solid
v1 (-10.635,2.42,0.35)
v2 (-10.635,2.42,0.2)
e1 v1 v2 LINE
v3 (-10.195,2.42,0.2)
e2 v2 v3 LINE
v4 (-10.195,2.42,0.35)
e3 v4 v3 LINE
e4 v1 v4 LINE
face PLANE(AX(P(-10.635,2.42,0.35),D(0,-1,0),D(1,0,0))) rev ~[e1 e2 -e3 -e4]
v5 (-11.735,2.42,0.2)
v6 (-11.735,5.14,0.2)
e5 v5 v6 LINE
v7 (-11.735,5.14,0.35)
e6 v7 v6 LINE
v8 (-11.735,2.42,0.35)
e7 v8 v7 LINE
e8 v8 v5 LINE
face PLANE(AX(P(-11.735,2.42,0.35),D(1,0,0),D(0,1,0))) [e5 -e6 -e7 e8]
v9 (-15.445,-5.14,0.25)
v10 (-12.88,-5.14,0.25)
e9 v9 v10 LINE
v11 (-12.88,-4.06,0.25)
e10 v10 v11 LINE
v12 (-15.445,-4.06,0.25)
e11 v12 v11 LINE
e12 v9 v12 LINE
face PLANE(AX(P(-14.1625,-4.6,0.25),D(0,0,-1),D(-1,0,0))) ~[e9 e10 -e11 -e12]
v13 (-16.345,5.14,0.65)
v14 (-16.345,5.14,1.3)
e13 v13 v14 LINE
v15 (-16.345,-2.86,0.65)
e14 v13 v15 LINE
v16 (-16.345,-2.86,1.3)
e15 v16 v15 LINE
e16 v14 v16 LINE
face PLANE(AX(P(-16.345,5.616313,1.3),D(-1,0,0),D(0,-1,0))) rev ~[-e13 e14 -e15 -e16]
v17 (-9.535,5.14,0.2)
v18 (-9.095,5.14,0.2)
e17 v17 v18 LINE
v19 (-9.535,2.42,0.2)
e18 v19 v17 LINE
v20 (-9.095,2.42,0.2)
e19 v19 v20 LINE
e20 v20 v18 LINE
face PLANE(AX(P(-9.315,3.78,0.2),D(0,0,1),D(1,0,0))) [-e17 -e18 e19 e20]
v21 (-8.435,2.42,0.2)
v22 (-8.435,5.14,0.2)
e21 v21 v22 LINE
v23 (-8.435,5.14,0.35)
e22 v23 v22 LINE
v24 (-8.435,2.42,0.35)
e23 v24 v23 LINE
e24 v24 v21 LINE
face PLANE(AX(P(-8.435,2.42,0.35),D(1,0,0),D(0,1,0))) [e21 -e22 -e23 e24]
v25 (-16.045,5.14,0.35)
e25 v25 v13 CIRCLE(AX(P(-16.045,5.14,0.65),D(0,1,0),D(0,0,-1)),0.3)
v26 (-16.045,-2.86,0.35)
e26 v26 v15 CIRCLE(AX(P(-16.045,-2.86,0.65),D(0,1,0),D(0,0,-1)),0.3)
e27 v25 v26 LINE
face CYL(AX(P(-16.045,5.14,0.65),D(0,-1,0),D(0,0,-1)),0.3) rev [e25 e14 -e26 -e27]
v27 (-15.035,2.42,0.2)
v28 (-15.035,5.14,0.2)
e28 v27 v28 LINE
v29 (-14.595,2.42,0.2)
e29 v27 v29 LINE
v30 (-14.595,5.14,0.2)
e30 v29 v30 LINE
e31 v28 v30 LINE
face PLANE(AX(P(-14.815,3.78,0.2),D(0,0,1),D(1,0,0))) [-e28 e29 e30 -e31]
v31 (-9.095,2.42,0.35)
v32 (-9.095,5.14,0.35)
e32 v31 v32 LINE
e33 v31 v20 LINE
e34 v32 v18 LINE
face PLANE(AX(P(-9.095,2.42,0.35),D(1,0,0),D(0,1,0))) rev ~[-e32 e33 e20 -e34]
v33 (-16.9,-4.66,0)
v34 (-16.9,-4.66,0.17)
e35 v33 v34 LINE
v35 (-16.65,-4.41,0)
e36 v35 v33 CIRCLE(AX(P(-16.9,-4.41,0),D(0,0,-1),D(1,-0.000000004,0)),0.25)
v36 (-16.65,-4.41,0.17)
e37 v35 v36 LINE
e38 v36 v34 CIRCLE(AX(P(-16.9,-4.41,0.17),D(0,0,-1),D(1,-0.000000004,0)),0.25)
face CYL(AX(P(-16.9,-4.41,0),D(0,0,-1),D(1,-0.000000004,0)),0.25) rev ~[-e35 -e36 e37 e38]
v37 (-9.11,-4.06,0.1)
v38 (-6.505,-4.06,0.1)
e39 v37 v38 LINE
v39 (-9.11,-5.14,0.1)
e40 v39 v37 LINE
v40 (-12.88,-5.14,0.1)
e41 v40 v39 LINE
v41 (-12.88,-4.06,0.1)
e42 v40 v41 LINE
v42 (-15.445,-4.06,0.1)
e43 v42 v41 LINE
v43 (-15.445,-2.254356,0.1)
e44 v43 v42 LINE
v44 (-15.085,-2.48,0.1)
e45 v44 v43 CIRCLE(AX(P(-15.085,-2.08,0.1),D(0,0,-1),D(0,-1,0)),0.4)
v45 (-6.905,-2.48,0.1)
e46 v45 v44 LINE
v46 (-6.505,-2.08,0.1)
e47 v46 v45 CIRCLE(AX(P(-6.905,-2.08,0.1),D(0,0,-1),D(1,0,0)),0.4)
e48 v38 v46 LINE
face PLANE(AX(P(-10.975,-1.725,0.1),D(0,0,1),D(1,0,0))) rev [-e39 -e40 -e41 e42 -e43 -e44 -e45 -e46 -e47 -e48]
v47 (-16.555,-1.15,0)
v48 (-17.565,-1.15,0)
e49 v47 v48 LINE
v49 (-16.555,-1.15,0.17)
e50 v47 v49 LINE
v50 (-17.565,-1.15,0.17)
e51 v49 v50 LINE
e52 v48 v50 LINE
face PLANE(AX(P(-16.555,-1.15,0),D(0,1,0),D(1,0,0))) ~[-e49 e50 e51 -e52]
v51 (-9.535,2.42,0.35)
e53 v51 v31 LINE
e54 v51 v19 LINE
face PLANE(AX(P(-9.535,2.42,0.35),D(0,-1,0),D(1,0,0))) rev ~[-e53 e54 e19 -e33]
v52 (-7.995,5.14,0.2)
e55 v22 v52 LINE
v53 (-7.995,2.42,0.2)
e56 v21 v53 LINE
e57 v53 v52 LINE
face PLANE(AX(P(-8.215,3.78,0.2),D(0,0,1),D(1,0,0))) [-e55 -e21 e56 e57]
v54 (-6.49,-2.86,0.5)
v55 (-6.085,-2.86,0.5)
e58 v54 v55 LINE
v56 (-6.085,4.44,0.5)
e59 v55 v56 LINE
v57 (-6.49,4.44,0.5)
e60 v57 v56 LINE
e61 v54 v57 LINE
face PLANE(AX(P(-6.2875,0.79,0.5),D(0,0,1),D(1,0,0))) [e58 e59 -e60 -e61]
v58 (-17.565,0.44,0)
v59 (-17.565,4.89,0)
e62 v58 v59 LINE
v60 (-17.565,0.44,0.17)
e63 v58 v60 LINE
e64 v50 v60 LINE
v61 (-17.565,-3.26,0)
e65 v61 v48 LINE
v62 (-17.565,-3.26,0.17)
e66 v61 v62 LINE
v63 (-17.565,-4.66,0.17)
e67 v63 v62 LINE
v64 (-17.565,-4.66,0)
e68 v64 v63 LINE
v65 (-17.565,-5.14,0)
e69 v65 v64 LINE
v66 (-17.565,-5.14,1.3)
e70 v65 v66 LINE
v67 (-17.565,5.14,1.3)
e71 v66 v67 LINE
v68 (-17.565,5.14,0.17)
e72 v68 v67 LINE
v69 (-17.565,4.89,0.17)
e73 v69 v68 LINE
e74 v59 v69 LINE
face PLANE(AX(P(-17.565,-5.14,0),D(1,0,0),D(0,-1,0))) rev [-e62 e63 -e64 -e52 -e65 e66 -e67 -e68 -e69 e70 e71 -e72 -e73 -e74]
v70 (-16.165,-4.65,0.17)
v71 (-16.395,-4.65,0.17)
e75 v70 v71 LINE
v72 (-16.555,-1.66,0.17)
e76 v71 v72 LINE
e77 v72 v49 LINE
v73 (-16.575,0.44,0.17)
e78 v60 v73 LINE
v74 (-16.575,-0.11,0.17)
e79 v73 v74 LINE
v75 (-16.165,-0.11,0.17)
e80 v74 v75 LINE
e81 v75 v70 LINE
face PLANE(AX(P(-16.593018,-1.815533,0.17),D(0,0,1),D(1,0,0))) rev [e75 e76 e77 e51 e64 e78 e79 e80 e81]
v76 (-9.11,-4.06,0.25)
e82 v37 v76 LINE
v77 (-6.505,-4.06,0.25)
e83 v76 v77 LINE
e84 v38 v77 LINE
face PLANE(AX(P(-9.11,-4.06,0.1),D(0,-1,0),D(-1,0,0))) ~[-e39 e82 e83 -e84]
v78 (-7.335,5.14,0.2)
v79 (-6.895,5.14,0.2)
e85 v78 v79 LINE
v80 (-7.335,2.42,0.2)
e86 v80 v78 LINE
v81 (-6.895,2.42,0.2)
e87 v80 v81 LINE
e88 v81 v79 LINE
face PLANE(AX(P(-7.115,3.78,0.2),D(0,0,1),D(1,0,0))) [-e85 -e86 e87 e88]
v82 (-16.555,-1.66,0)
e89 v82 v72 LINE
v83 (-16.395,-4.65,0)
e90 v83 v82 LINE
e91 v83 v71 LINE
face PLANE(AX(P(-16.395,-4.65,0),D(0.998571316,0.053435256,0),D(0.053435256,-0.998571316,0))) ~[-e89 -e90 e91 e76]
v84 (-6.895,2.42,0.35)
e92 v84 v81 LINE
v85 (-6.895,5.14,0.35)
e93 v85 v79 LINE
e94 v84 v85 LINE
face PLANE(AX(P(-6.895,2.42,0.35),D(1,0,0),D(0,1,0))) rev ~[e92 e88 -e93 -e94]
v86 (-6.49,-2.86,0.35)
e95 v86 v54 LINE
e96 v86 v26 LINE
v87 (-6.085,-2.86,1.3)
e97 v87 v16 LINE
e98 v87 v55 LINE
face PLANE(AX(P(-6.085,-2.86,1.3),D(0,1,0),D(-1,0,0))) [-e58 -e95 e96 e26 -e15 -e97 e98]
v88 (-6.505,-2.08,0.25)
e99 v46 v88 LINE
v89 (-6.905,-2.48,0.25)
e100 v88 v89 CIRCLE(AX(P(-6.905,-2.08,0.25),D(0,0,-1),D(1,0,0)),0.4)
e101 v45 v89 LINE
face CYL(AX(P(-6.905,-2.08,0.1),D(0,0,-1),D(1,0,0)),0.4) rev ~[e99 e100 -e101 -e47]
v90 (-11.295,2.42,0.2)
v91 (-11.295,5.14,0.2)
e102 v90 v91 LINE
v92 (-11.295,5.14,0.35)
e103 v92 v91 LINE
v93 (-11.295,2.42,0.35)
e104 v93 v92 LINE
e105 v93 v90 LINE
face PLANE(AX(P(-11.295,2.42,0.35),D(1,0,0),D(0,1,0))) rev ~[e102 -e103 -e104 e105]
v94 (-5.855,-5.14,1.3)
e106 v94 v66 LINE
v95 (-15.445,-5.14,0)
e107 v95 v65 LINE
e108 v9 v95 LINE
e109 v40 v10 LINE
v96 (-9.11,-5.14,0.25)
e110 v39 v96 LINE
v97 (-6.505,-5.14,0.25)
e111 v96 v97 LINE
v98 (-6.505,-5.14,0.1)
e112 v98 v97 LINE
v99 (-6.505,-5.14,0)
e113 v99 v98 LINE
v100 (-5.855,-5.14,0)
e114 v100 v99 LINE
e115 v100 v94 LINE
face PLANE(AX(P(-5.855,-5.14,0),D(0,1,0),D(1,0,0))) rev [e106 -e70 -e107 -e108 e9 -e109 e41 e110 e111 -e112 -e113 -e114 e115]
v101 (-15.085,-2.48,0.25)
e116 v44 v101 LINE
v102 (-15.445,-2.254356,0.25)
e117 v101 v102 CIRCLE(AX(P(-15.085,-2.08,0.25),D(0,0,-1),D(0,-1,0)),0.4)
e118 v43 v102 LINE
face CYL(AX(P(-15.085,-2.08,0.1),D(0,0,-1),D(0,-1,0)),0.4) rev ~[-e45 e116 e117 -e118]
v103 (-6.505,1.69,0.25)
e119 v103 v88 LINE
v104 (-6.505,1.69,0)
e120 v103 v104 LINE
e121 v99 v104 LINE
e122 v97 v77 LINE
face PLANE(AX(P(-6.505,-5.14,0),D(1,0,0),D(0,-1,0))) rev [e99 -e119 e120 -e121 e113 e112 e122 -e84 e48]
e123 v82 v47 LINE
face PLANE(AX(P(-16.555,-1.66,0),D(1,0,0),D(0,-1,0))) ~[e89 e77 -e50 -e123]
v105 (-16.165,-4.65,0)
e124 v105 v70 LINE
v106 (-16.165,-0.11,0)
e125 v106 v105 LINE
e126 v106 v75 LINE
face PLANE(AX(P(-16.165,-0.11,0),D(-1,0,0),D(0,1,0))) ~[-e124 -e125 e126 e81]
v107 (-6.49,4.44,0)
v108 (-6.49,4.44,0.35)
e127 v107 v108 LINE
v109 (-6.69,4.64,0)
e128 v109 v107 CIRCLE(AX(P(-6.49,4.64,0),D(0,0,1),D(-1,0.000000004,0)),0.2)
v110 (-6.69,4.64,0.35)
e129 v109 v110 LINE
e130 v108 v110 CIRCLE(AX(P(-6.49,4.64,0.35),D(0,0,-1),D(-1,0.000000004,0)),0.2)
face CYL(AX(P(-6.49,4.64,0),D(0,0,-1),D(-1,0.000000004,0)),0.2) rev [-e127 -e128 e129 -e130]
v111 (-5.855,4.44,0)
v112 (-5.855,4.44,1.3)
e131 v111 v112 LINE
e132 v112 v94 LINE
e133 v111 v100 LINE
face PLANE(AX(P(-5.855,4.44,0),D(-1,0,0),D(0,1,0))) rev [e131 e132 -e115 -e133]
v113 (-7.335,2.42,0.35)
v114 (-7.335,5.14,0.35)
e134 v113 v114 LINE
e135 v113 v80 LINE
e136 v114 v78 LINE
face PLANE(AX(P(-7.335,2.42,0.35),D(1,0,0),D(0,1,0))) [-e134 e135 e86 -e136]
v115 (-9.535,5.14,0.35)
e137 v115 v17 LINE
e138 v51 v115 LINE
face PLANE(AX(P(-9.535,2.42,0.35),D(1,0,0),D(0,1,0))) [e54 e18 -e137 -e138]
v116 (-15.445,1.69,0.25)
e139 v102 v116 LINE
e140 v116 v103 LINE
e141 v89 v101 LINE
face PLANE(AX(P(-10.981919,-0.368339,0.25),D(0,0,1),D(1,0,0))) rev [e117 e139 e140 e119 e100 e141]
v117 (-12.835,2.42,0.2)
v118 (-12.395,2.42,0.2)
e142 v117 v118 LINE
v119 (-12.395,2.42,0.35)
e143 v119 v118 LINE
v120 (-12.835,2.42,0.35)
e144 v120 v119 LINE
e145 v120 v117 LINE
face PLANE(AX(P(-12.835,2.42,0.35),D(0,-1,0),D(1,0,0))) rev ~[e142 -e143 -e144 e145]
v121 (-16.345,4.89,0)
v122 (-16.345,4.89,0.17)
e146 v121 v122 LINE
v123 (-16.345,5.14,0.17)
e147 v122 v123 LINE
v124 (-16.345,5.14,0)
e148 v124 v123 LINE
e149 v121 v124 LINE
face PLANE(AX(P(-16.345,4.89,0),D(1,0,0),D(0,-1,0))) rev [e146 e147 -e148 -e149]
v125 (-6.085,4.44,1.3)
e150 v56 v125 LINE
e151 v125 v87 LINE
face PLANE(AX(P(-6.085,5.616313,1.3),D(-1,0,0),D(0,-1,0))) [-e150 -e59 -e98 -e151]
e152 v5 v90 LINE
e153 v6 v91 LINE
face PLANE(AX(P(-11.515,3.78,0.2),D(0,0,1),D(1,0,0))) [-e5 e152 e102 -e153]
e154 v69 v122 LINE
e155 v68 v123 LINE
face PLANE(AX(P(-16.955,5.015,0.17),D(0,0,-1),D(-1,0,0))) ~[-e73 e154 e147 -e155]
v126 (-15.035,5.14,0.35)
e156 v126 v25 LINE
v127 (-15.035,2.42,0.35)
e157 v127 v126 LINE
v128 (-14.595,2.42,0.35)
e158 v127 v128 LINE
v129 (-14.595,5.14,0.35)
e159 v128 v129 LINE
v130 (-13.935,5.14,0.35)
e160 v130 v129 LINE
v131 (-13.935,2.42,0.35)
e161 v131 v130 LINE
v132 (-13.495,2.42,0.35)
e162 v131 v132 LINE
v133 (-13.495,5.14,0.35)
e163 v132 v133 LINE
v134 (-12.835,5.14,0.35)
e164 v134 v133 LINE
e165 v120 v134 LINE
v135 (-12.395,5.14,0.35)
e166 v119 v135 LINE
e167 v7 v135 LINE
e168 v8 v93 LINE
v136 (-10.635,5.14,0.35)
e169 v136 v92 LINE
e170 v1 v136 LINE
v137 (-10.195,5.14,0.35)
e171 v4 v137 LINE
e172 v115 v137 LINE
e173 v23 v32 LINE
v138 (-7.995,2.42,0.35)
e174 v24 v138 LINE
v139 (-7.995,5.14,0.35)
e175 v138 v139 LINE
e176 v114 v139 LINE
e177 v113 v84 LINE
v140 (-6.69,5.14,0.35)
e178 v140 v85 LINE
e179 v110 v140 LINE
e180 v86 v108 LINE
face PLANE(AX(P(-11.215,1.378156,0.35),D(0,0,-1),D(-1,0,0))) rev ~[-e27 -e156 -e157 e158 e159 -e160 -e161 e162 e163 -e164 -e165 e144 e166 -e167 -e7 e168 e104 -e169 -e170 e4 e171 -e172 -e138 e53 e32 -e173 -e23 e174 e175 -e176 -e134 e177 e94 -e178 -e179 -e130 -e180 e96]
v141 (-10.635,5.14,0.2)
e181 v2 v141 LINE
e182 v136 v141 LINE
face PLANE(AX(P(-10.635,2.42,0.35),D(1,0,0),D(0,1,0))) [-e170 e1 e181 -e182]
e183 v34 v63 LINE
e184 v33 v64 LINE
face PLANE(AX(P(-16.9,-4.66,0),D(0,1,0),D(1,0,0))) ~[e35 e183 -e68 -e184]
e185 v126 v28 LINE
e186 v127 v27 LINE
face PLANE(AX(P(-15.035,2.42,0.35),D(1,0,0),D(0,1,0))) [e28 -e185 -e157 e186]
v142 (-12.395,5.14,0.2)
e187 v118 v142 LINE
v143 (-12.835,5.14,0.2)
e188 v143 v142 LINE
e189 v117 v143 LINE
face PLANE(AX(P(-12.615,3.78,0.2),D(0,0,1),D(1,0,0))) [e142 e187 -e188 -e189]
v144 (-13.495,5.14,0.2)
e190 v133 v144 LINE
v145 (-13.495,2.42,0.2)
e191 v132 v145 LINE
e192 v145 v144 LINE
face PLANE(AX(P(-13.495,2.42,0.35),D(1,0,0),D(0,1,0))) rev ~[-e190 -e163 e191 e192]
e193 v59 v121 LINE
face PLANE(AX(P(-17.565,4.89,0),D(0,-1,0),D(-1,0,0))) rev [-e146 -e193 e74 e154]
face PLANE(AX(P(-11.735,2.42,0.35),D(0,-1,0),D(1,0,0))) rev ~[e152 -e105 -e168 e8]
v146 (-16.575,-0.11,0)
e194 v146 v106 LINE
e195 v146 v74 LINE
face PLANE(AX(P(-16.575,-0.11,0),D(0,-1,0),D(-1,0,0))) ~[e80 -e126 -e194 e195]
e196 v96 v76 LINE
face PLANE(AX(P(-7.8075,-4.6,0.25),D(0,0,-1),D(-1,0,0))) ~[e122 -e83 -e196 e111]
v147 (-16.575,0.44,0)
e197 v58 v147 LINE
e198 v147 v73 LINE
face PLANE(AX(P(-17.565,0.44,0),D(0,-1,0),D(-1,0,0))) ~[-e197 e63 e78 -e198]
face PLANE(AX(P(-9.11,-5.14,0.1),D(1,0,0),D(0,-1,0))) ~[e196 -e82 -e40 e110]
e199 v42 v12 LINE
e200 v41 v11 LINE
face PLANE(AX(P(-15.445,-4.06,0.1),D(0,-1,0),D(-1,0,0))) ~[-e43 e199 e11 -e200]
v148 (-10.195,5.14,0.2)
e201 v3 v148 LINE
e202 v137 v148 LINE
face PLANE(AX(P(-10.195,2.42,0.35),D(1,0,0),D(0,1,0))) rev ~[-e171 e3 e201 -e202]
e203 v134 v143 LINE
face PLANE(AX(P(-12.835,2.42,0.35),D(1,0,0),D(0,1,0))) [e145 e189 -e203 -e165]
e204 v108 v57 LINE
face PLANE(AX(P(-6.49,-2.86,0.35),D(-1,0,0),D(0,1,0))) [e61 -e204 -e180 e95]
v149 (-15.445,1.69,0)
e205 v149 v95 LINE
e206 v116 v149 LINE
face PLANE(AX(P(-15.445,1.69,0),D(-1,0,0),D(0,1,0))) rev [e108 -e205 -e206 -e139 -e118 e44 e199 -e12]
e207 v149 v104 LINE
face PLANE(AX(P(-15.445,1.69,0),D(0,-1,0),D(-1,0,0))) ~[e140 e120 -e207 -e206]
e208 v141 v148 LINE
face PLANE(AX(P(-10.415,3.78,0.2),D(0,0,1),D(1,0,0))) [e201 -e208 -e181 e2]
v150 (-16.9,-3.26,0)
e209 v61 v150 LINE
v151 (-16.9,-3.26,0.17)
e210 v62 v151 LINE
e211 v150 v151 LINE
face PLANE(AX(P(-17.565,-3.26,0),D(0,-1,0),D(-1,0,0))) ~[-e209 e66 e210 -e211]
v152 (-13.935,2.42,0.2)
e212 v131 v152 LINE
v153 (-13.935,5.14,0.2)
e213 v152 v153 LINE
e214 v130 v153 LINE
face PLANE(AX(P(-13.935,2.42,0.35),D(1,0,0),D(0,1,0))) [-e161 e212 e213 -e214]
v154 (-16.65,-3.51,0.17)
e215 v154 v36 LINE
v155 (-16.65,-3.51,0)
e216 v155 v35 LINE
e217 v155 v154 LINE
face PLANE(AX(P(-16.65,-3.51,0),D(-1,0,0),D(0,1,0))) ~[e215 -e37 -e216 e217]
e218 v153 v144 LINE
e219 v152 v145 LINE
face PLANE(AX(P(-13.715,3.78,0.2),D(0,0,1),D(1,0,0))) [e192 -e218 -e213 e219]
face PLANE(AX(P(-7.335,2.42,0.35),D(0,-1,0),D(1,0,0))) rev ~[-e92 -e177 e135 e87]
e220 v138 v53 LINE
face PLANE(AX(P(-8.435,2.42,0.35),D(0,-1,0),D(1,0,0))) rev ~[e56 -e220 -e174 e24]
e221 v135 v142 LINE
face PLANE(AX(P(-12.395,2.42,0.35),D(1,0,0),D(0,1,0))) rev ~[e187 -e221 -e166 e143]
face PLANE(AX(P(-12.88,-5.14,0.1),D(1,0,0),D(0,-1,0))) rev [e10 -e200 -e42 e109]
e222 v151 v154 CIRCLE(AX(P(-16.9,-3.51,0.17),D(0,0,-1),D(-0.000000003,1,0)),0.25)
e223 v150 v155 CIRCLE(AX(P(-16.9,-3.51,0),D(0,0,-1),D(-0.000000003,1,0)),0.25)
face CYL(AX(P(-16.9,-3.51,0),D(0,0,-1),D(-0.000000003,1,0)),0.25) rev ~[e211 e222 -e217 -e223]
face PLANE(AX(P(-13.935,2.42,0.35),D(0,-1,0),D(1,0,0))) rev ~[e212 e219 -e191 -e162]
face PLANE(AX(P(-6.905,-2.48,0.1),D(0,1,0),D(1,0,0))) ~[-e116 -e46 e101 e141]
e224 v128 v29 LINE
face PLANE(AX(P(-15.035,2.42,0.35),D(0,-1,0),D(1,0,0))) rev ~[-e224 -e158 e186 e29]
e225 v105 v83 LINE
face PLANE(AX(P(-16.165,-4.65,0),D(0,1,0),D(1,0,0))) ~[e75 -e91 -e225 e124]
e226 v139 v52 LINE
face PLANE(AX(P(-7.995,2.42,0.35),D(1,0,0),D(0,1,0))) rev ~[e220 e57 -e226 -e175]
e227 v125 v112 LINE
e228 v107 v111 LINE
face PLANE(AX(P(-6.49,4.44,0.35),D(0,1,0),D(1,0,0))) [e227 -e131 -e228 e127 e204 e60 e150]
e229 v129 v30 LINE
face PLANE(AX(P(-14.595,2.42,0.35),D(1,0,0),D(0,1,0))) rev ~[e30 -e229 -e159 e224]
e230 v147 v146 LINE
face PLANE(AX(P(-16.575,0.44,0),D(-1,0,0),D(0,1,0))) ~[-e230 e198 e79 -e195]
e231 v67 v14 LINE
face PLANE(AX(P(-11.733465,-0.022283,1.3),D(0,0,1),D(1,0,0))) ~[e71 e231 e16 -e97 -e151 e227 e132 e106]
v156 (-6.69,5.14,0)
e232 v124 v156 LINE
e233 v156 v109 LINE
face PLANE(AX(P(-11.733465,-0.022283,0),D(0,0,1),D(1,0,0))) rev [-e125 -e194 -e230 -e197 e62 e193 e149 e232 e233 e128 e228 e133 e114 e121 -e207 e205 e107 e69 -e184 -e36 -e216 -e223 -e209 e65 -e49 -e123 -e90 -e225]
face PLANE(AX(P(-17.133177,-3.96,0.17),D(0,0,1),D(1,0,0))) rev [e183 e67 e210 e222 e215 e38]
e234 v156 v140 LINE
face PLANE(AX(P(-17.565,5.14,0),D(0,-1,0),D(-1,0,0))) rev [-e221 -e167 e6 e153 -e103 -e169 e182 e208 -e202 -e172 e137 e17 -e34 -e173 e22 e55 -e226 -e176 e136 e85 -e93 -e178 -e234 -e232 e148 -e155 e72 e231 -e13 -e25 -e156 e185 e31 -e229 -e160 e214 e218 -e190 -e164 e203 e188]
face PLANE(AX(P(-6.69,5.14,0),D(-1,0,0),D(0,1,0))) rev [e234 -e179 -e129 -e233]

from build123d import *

# Parameters (mm, degrees)
BOSS_EXTRUDE1_DEPTH = 1.3
SKETCH3_W           = 1.22
SKETCH3_H           = 0.25
CUT_EXTRUDE1_DEPTH  = 0.17
CUT_EXTRUDE2_DEPTH  = 0.17
CUT_EXTRUDE3_DEPTH  = 0.1
SKETCH6_W           = 2.565
SKETCH6_H           = 1.079999998
SKETCH6_W_2         = 2.605000011
SKETCH6_H_2         = 1.079999997
CUT_EXTRUDE4_DEPTH  = 0.15
CUT_EXTRUDE5_DEPTH  = 0.95
SKETCH8_W           = 0.405
SKETCH8_H           = 7.3
BOSS_EXTRUDE2_DEPTH = 0.15
FILLET1_R           = 0.3
SKETCH9_W           = 0.44
SKETCH9_H           = 2.72
CUT_EXTRUDE6_DEPTH  = 0.15
LPATTERN1_COUNT     = 8
LPATTERN1_PITCH     = 1.1


with BuildPart() as part:
    # Sketch2 → Boss-Extrude1 (new body)
    with BuildSketch(Plane.XY):
        with BuildLine():
            Line((5.855, 5.140000001), (4.635, 5.140000001))
            Line((4.635, 5.140000001), (-5.02, 5.140000001))
            Line((-5.02, 5.140000001), (-5.02, 4.640000001))
            ThreePointArc((-5.02, 4.640000001), (-5.078578644, 4.498578644), (-5.22, 4.440000001))
            Line((-5.22, 4.440000001), (-5.855, 4.440000001))
            Line((-5.855, 4.440000001), (-5.855, -5.139999999))
            Line((-5.855, -5.139999999), (-5.205000011, -5.139999999))
            Line((-5.205000011, -5.139999999), (-2.6, -5.139999999))
            Line((-2.6, -5.139999999), (1.17, -5.139999999))
            Line((1.17, -5.139999999), (3.735, -5.139999999))
            Line((3.735, -5.139999999), (5.855, -5.139999999))
            Line((5.855, -5.139999999), (5.855, -4.659999975))
            Line((5.855, -4.659999975), (5.855, -3.259999975))
            Line((5.855, -3.259999975), (5.855, -1.150000033))
            Line((5.855, -1.150000033), (5.855, 0.439999967))
            Line((5.855, 0.439999967), (5.855, 4.890000001))
            Line((5.855, 4.890000001), (5.855, 5.140000001))
        make_face()
    extrude(amount=BOSS_EXTRUDE1_DEPTH)

    # Sketch3 → Cut-Extrude1 (cut)
    with BuildSketch(Plane(origin=(0, 0, 0), x_dir=(-1, 0, 0), z_dir=(0, 0, -1))):
        with Locations((-5.245, 5.015000001)):
            Rectangle(SKETCH3_W, SKETCH3_H)
    extrude(amount=-CUT_EXTRUDE1_DEPTH, mode=Mode.SUBTRACT)

    # Sketch4 → Cut-Extrude2 (cut)
    with BuildSketch(Plane(origin=(0, 0, 0), x_dir=(-1, 0, 0), z_dir=(0, 0, -1))):
        with BuildLine():
            Line((-5.855, -3.259999975), (-5.190000002, -3.259999975))
            ThreePointArc((-5.190000002, -3.259999975), (-5.013223307, -3.333223279), (-4.940000002, -3.509999975))
            Line((-4.940000002, -3.509999975), (-4.940000002, -4.409999975))
            ThreePointArc((-4.940000002, -4.409999975), (-5.013223307, -4.58677667), (-5.190000002, -4.659999975))
            Line((-5.190000002, -4.659999975), (-5.855, -4.659999975))
            Line((-5.855, -4.659999975), (-5.855, -3.259999975))
        make_face()
        Polygon((-4.455, -4.649999999), (-4.685, -4.649999999), (-4.845000002, -1.660000037), (-4.845000002, -1.150000033), (-5.855, -1.150000033), (-5.855, 0.439999967), (-4.865000002, 0.439999967), (-4.865000002, -0.110000037), (-4.455, -0.110000037), align=None)
    extrude(amount=-CUT_EXTRUDE2_DEPTH, mode=Mode.SUBTRACT)

    # Sketch5 → Cut-Extrude3 (cut)
    with BuildSketch(Plane(origin=(0, 0, 0), x_dir=(-1, 0, 0), z_dir=(0, 0, -1))):
        Polygon((5.205000011, -5.139999999), (2.6, -5.139999999), (-1.17, -5.139999999), (-3.735, -5.139999999), (-3.735, -4.060000001), (-3.735, -2.254355959), (-3.735, 1.690000007), (5.205000011, 1.690000007), (5.205000011, -2.080000002), (5.205000011, -4.060000002), align=None)
    extrude(amount=-CUT_EXTRUDE3_DEPTH, mode=Mode.SUBTRACT)

    # Sketch6 → Cut-Extrude4 (cut)
    with BuildSketch(Plane(origin=(0, 0, 0.1), x_dir=(-1, 0, 0), z_dir=(0, 0, -1))):
        with Locations((-2.4525, -4.6)):
            Rectangle(SKETCH6_W, SKETCH6_H)
        with Locations((3.902500006, -4.600000001)):
            Rectangle(SKETCH6_W_2, SKETCH6_H_2)
        with BuildLine():
            Line((5.205000011, 1.690000007), (5.205000011, -2.080000002))
            ThreePointArc((5.205000011, -2.080000002), (5.087842724, -2.362842714), (4.805000011, -2.480000002))
            Line((4.805000011, -2.480000002), (-3.375, -2.480000002))
            ThreePointArc((-3.375, -2.480000002), (-3.587435422, -2.41892653), (-3.735, -2.254355959))
            Line((-3.735, -2.254355959), (-3.735, 1.690000007))
            Line((-3.735, 1.690000007), (5.205000011, 1.690000007))
        make_face()
    extrude(amount=-CUT_EXTRUDE4_DEPTH, mode=Mode.SUBTRACT)


with BuildPart() as body_2:
    # Mirror1: mirrored copy
    add(part.part.mirror(Plane(origin=(-5.855, 4.440000001, 1.3), x_dir=(0, 0, 1), z_dir=(1, 0, 0))))

    # Sketch7 → Cut-Extrude5 (cut)
    with BuildSketch(Plane.XY.offset(1.3)):
        Polygon((-6.085, -2.859999999), (-16.345, -2.859999999), (-16.345, 5.140000001), (-16.345, 5.61631281), (-6.085, 5.61631281), align=None)
    extrude(amount=-CUT_EXTRUDE5_DEPTH, mode=Mode.SUBTRACT)

    # Sketch8 → Boss-Extrude2 (add)
    with BuildSketch(Plane.XY.offset(0.35)):
        with Locations((-6.2875, 0.790000001)):
            Rectangle(SKETCH8_W, SKETCH8_H)
    extrude(amount=BOSS_EXTRUDE2_DEPTH)

    # Fillet1
    fillet1_edges = [body_2.edges().sort_by_distance(p)[0] for p in [
        (-16.345, 1.140000001, 0.35),
    ]]
    fillet(fillet1_edges, radius=FILLET1_R)

    # Sketch9 → Cut-Extrude6 (cut)
    with BuildSketch(Plane.XY.offset(0.35)):
        with Locations((-7.115, 3.780000001)):
            Rectangle(SKETCH9_W, SKETCH9_H)
    cut_extrude6 = extrude(amount=-CUT_EXTRUDE6_DEPTH, mode=Mode.SUBTRACT)

    # LPattern1: Cut-Extrude6 ×8
    with Locations(*[(-i * LPATTERN1_PITCH, 0, 0) for i in range(1, LPATTERN1_COUNT)]):
        add(cut_extrude6, mode=Mode.SUBTRACT)


solid = body_2.part
